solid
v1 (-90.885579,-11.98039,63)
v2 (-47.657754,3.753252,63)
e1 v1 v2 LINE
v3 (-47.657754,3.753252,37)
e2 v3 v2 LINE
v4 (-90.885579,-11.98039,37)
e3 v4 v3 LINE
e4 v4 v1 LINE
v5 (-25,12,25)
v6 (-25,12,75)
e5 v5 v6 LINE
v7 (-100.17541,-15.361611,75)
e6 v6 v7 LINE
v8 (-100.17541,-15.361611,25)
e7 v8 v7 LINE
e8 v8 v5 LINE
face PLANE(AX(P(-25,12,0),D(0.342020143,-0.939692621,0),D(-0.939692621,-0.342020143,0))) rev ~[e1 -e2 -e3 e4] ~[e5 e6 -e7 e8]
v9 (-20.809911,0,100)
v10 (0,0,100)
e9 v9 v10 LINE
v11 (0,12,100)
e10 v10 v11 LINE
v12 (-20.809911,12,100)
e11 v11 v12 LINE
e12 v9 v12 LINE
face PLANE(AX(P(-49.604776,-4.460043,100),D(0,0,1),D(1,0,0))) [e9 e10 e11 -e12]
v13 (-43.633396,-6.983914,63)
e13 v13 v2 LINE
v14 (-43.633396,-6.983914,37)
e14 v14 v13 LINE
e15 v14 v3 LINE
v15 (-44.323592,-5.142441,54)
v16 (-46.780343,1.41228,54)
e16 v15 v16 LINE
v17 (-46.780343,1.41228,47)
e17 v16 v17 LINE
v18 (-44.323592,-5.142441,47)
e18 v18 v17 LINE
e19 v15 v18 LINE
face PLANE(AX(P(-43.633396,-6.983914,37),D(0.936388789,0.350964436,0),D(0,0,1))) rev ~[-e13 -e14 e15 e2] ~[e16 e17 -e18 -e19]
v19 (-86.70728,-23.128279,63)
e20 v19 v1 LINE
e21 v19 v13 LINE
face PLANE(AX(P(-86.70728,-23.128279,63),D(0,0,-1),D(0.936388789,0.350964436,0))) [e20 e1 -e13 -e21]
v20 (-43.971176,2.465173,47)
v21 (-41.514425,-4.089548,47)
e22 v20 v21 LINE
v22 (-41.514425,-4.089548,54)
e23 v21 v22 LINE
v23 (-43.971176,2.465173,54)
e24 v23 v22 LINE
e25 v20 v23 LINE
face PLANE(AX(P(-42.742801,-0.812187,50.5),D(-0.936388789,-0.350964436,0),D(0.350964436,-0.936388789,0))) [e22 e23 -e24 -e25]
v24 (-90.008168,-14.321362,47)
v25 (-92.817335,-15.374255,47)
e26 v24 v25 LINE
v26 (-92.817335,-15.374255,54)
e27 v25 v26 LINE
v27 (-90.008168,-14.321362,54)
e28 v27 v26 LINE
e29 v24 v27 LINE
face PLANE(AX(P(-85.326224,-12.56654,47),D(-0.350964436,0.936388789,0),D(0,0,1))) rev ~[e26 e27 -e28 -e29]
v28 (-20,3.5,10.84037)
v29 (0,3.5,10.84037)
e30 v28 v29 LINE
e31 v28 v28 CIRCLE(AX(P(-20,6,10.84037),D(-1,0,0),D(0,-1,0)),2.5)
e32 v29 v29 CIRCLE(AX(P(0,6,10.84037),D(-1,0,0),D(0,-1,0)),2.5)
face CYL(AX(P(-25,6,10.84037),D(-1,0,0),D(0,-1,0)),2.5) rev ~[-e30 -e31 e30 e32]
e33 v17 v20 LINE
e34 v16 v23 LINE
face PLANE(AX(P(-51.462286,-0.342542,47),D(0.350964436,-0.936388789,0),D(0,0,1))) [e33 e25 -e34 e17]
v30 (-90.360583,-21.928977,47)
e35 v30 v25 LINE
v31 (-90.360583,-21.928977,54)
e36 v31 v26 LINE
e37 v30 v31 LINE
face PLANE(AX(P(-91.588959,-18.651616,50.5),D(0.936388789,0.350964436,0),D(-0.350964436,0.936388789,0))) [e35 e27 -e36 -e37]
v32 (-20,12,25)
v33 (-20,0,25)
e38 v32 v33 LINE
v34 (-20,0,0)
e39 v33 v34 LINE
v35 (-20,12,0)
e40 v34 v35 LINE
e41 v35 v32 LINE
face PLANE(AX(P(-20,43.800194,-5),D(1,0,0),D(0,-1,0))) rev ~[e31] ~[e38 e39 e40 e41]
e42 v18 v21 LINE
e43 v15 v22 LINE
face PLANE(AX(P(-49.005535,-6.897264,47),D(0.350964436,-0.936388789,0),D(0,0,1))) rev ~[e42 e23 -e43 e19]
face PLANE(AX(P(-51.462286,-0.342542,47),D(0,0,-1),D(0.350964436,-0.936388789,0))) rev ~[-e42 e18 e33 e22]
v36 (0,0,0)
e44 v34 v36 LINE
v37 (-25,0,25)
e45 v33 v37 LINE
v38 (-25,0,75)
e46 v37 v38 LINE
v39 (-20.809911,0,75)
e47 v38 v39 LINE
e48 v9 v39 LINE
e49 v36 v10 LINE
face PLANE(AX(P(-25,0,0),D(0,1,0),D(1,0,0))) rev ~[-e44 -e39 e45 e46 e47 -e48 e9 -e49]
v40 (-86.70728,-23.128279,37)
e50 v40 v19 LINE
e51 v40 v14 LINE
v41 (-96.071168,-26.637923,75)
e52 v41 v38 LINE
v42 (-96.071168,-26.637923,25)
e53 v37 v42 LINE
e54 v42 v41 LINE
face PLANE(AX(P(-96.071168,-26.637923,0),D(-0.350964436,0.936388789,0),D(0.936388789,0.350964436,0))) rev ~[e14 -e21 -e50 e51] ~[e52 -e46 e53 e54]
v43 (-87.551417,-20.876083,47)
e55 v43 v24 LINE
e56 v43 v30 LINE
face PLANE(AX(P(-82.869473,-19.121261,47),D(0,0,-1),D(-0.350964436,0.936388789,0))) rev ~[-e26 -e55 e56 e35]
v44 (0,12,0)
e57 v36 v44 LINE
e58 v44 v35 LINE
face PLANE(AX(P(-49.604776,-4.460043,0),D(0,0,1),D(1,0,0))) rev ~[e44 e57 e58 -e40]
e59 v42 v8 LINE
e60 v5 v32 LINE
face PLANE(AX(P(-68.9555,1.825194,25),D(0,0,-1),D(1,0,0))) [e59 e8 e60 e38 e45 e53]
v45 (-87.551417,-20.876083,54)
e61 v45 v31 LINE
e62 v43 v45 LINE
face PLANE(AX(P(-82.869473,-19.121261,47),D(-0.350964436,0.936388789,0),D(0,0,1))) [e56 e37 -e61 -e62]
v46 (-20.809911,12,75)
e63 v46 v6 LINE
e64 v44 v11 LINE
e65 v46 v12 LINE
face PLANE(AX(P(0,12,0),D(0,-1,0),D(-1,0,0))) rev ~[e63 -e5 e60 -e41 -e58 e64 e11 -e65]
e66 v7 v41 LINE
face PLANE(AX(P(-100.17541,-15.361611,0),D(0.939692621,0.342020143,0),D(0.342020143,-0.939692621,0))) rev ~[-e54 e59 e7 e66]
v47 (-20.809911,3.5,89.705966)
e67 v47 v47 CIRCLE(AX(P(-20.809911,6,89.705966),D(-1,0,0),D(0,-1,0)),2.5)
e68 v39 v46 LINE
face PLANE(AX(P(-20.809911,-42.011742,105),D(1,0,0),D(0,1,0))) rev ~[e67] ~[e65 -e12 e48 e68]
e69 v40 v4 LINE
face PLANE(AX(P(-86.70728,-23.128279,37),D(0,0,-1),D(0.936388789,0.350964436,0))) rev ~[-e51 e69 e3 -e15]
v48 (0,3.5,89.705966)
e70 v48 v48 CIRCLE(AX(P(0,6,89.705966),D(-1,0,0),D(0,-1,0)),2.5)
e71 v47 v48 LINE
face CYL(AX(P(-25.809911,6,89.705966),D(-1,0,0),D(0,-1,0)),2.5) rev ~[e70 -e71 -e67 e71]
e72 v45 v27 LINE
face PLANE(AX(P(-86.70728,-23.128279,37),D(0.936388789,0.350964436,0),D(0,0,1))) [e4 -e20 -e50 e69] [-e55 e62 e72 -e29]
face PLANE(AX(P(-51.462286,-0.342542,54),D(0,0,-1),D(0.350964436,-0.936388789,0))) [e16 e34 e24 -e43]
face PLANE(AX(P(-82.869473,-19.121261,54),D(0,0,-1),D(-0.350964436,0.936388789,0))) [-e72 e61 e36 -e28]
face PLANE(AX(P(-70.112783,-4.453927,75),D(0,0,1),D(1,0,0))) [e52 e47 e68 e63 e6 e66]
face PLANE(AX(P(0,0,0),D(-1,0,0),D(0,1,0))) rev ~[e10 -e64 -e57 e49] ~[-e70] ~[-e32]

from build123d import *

# Parameters (mm, degrees)
F1_DEPTH  = 100
F3_W      = 46
F3_H      = 26
F4_DEPTH  = 25
F7_W      = 98.6057445407
F7_H      = 75.1156285405
F8_DEPTH  = 30
F10_W     = 97.911
F10_H     = 83.95
F11_DEPTH = 30
F15_R     = 2.5
F16_DEPTH = 30
F13_R     = 2.5
F17_DEPTH = 30
F19_W     = 7
F19_H     = 7
F20_DEPTH = 8
F22_W     = 7
F22_H     = 7
F23_DEPTH = 8


with BuildPart() as f1:
    # F0 (on Top) → F1 (new body)
    with BuildSketch(Plane.XY):
        Polygon((-25, 0), (0, 0), (0, 12), (-25, 12), (-100.1754096629, -15.3616114661), (-96.071167943, -26.6379229155), align=None)
    extrude(amount=F1_DEPTH)

    # F3 (on offset) → F4 (cut)
    with BuildSketch(Plane(origin=(-3.0794008865, 8.2159790861, 0), x_dir=(0.9363887892, 0.3509644362, 0), z_dir=(0.3509644362, -0.9363887892, 0))):
        with Locations((-66.3089282241, 50)):
            Rectangle(F3_W, F3_H)
    extrude(amount=-F4_DEPTH, mode=Mode.SUBTRACT)

    # F7 (on offset) → F8 (cut)
    with BuildSketch(Plane.XY.offset(105)):
        with Locations((-70.1127834618, -4.4539272785)):
            Rectangle(F7_W, F7_H)
    extrude(amount=-F8_DEPTH, mode=Mode.SUBTRACT)

    # F10 (on offset) → F11 (cut)
    with BuildSketch(Plane(origin=(0, 0, -5), x_dir=(1, 0, 0), z_dir=(0, 0, -1))):
        with Locations((-68.9555, -1.8251938164)):
            Rectangle(F10_W, F10_H)
    extrude(amount=-F11_DEPTH, mode=Mode.SUBTRACT)

    # F15 (on offset) → F16 (cut)
    with BuildSketch(Plane(origin=(-25, 0, 0), x_dir=(0, -1, 0), z_dir=(-1, 0, 0))):
        with Locations((-6, 10.8403703198)):
            Circle(F15_R)
    extrude(amount=-F16_DEPTH, mode=Mode.SUBTRACT)

    # F13 (on offset) → F17 (cut)
    with BuildSketch(Plane(origin=(-25.8099111915, 0, 0), x_dir=(0, -1, 0), z_dir=(-1, 0, 0))):
        with Locations((-6, 89.705966413)):
            Circle(F13_R)
    extrude(amount=-F17_DEPTH, mode=Mode.SUBTRACT)

    # F19 (on offset) → F20 (cut)
    with BuildSketch(Plane(origin=(-45.2359388073, -16.9547157565, 0), x_dir=(0.3509644362, -0.9363887892, 0), z_dir=(-0.9363887892, -0.3509644362, 0))):
        with Locations((-14.240679825, 50.5)):
            Rectangle(F19_W, F19_H)
    extrude(amount=-F20_DEPTH, mode=Mode.SUBTRACT)

    # F22 (on offset) → F23 (cut)
    with BuildSketch(Plane(origin=(-78.9459352184, -29.5894354589, 0), x_dir=(-0.3509644362, 0.9363887892, 0), z_dir=(0.9363887892, 0.3509644362, 0))):
        with Locations((14.6793034593, 50.5)):
            Rectangle(F22_W, F22_H)
    extrude(amount=-F23_DEPTH, mode=Mode.SUBTRACT)


solid = f1.part
